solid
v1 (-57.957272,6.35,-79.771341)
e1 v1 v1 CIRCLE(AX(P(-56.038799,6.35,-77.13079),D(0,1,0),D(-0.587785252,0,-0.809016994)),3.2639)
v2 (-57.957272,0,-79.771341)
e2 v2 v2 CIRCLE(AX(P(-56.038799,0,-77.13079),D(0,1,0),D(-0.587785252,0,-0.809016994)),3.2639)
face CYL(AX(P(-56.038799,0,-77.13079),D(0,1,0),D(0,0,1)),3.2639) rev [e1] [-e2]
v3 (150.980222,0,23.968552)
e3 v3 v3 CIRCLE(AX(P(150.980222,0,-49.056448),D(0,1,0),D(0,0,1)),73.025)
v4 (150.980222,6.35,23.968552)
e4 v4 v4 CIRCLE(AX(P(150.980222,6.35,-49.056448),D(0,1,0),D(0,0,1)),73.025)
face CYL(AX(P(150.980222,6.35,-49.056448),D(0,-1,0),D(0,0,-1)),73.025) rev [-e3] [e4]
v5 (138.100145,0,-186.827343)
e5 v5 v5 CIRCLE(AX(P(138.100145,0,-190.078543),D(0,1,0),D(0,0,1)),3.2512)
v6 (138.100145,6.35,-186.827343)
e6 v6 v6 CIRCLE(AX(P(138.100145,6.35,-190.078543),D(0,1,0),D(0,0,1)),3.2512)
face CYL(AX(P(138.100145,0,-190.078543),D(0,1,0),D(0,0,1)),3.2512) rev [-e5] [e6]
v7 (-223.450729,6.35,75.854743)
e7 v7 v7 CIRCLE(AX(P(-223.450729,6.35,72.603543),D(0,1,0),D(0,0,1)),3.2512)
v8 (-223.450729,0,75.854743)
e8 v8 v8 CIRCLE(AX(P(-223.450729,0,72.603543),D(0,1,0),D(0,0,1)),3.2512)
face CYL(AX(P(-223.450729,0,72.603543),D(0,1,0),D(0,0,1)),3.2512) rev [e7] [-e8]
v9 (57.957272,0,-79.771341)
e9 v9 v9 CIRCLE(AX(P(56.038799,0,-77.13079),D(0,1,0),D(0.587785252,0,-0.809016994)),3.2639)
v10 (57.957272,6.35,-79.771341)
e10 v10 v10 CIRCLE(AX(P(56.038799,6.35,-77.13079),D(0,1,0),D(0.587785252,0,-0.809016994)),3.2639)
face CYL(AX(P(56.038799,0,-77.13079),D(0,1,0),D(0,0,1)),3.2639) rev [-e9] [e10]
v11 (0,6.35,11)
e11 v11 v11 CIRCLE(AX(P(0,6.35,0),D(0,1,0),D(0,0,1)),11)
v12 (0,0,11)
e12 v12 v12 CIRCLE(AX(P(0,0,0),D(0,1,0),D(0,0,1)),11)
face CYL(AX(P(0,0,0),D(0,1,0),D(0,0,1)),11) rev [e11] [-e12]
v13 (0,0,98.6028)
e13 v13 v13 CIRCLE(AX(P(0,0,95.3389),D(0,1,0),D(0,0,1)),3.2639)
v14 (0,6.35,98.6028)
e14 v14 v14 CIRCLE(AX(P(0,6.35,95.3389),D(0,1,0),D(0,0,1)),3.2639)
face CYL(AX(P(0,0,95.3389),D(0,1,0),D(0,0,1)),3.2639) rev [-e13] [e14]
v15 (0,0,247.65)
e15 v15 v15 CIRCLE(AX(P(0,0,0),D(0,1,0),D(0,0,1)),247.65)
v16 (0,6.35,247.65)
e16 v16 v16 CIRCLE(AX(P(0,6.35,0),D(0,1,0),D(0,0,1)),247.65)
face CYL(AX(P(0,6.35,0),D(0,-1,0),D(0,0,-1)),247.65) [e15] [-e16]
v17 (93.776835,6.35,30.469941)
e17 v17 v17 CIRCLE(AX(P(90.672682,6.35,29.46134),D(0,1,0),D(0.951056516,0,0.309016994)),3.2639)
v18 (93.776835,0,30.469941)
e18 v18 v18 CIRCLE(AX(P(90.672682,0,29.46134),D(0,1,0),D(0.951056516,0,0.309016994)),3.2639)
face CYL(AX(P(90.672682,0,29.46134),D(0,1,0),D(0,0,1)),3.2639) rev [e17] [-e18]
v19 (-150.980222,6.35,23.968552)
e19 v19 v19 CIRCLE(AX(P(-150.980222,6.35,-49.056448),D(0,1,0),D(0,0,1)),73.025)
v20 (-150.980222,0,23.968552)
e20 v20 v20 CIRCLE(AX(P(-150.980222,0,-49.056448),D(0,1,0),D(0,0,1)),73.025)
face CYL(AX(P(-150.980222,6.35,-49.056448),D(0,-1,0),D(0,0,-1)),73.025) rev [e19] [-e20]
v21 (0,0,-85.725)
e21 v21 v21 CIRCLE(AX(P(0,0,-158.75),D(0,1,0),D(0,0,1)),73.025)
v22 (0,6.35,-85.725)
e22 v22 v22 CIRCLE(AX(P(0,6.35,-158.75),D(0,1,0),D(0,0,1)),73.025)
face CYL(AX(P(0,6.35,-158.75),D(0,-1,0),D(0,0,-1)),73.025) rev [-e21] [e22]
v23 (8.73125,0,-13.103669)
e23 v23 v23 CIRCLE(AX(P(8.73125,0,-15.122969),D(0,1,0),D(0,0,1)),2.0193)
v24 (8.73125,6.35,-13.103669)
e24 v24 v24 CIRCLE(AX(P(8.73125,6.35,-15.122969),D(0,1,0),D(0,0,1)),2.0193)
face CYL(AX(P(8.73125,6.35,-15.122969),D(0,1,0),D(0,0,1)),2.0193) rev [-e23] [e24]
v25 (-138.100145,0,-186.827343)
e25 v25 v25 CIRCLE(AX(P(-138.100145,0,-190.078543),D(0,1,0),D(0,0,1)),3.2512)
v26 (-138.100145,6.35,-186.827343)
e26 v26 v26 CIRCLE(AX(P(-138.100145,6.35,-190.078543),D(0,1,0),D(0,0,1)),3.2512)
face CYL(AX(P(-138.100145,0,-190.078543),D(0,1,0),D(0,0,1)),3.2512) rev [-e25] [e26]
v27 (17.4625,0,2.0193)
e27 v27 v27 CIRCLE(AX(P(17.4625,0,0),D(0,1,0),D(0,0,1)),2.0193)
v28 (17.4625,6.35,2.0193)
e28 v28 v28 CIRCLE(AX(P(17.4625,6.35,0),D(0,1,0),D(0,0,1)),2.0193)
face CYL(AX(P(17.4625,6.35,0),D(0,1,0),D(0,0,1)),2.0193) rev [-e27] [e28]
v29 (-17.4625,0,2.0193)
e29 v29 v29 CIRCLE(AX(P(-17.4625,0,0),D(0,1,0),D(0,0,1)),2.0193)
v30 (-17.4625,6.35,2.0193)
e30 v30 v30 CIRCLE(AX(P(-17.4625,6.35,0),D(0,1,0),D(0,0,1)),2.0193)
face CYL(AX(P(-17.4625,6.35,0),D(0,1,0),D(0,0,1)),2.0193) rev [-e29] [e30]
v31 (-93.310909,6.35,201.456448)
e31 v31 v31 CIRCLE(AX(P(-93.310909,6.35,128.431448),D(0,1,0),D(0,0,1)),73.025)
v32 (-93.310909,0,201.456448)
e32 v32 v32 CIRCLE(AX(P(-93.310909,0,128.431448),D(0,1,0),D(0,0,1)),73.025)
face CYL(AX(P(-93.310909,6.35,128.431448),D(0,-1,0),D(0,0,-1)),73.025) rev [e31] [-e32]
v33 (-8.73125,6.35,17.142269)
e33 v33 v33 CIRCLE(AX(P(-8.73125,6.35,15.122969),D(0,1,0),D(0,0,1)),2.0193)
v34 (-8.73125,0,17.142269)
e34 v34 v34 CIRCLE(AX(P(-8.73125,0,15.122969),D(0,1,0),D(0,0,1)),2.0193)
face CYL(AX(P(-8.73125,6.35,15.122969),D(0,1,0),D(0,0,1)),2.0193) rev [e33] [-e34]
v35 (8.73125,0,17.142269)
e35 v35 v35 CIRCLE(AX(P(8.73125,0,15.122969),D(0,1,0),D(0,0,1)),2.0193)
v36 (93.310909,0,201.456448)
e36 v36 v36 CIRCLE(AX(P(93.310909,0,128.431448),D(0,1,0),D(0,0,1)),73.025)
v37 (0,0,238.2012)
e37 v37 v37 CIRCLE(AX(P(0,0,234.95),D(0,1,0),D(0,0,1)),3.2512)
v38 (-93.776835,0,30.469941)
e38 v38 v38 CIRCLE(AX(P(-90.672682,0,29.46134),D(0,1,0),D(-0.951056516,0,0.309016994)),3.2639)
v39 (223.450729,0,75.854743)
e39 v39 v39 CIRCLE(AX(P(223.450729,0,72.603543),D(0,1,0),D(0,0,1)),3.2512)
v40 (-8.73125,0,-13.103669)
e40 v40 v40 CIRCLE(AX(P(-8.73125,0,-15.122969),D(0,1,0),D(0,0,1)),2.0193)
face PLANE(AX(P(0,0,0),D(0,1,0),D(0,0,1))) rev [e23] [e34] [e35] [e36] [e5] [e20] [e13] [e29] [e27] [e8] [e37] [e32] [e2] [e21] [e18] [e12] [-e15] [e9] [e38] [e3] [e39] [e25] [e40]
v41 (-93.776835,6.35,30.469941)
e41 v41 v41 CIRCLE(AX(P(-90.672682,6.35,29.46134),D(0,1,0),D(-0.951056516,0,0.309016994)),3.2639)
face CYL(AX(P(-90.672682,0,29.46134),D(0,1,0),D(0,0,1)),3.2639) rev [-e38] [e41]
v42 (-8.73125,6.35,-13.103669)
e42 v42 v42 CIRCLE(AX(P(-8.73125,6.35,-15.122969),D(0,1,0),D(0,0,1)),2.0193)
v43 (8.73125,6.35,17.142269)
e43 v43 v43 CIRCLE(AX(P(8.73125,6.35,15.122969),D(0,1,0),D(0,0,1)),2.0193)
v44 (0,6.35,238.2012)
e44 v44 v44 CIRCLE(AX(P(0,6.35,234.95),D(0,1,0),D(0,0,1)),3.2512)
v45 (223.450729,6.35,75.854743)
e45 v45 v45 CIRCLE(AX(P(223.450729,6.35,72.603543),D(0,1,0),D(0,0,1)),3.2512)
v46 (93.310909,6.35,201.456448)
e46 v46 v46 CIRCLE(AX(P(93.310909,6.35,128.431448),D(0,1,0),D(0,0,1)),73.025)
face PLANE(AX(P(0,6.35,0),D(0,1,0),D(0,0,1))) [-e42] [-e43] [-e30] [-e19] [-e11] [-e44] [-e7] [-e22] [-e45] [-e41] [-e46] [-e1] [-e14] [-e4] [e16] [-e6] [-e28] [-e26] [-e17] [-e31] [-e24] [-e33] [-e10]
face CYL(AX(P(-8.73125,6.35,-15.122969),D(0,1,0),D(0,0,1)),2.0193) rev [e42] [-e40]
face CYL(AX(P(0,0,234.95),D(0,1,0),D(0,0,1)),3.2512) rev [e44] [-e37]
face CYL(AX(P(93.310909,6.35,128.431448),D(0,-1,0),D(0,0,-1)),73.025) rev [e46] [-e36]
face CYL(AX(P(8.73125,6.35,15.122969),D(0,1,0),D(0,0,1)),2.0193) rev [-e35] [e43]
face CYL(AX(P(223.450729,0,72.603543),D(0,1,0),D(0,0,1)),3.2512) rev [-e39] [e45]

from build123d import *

# Parameters (mm, degrees)
SKETCH1_R              = 247.65
SKETCH1_R_2            = 73.025
BOSS_EXTRUDE1_DEPTH    = 6.35
SKETCH3_R              = 11
CUT_EXTRUDE1_DEPTH     = 7.35
F_10_32_TAPPED_HOLE1_D = 4.0386
SKETCH8_R              = 3.2512
CUT_EXTRUDE2_DEPTH     = 7.35
SKETCH9_R              = 3.2639
CUT_EXTRUDE3_DEPTH     = 7.35
CIRPATTERN1_COUNT      = 5


with BuildPart() as part:
    # Sketch1 → Boss-Extrude1 (new body)
    with BuildSketch(Plane(origin=(0, 0, 0), x_dir=(1, 0, 0), z_dir=(0, 1, 0))):
        Circle(SKETCH1_R)
        with Locations((0, 158.75)):
            Circle(SKETCH1_R_2, mode=Mode.SUBTRACT)
        with Locations((150.980221962, 49.056447857)):
            Circle(SKETCH1_R_2, mode=Mode.SUBTRACT)
        with Locations((93.310908801, -128.431447857)):
            Circle(SKETCH1_R_2, mode=Mode.SUBTRACT)
        with Locations((-93.310908801, -128.431447857)):
            Circle(SKETCH1_R_2, mode=Mode.SUBTRACT)
        with Locations((-150.980221962, 49.056447857)):
            Circle(SKETCH1_R_2, mode=Mode.SUBTRACT)
    extrude(amount=BOSS_EXTRUDE1_DEPTH)

    # Sketch3 → Cut-Extrude1 (cut, through all)
    with BuildSketch(Plane(origin=(-5.184519995, 6.35, -2.448578058), x_dir=(1, 0, 0), z_dir=(0, 1, 0))):
        with Locations((5.184519995, -2.448578058)):
            Circle(SKETCH3_R)
    extrude(amount=-CUT_EXTRUDE1_DEPTH, mode=Mode.SUBTRACT)

    # #10-32 Tapped Hole1 (through all)
    with Locations(Plane(origin=(-5.184519995, 6.35, -2.448578058), x_dir=(1, 0, 0), z_dir=(0, 1, 0))):
        with Locations((-3.546730005, 12.674390556), (13.915769995, 12.674390556), (22.647019995, -2.448578058), (13.915769995, -17.571546671), (-3.546730005, -17.571546671), (-12.277980005, -2.448578058)):
            Hole(F_10_32_TAPPED_HOLE1_D / 2)

    # Sketch8 → Cut-Extrude2 (cut, through all)
    with BuildSketch(Plane(origin=(0, 6.35, 0), x_dir=(1, 0, 0), z_dir=(0, 1, 0))):
        with Locations((0, -234.95)):
            Circle(SKETCH8_R)
        with Locations((-223.450728504, -72.603542828)):
            Circle(SKETCH8_R)
        with Locations((-138.100145026, 190.078542828)):
            Circle(SKETCH8_R)
        with Locations((138.100145026, 190.078542828)):
            Circle(SKETCH8_R)
        with Locations((223.450728504, -72.603542828)):
            Circle(SKETCH8_R)
    extrude(amount=-CUT_EXTRUDE2_DEPTH, mode=Mode.SUBTRACT)

    # Sketch9 → Cut-Extrude3 (cut, through all)
    with BuildSketch(Plane(origin=(0, 6.35, 0), x_dir=(1, 0, 0), z_dir=(0, 1, 0))):
        with Locations((0, -95.3389)):
            Circle(SKETCH9_R)
    cut_extrude3 = extrude(amount=-CUT_EXTRUDE3_DEPTH, mode=Mode.SUBTRACT)

    # CirPattern1: Cut-Extrude3 ×5 about axis
    cirpattern1_axis = Axis((0, 0, 0), (0, 1, 0))
    for i in range(1, CIRPATTERN1_COUNT):
        add(cut_extrude3.rotate(cirpattern1_axis, i * 360 / CIRPATTERN1_COUNT), mode=Mode.SUBTRACT)


solid = part.part
